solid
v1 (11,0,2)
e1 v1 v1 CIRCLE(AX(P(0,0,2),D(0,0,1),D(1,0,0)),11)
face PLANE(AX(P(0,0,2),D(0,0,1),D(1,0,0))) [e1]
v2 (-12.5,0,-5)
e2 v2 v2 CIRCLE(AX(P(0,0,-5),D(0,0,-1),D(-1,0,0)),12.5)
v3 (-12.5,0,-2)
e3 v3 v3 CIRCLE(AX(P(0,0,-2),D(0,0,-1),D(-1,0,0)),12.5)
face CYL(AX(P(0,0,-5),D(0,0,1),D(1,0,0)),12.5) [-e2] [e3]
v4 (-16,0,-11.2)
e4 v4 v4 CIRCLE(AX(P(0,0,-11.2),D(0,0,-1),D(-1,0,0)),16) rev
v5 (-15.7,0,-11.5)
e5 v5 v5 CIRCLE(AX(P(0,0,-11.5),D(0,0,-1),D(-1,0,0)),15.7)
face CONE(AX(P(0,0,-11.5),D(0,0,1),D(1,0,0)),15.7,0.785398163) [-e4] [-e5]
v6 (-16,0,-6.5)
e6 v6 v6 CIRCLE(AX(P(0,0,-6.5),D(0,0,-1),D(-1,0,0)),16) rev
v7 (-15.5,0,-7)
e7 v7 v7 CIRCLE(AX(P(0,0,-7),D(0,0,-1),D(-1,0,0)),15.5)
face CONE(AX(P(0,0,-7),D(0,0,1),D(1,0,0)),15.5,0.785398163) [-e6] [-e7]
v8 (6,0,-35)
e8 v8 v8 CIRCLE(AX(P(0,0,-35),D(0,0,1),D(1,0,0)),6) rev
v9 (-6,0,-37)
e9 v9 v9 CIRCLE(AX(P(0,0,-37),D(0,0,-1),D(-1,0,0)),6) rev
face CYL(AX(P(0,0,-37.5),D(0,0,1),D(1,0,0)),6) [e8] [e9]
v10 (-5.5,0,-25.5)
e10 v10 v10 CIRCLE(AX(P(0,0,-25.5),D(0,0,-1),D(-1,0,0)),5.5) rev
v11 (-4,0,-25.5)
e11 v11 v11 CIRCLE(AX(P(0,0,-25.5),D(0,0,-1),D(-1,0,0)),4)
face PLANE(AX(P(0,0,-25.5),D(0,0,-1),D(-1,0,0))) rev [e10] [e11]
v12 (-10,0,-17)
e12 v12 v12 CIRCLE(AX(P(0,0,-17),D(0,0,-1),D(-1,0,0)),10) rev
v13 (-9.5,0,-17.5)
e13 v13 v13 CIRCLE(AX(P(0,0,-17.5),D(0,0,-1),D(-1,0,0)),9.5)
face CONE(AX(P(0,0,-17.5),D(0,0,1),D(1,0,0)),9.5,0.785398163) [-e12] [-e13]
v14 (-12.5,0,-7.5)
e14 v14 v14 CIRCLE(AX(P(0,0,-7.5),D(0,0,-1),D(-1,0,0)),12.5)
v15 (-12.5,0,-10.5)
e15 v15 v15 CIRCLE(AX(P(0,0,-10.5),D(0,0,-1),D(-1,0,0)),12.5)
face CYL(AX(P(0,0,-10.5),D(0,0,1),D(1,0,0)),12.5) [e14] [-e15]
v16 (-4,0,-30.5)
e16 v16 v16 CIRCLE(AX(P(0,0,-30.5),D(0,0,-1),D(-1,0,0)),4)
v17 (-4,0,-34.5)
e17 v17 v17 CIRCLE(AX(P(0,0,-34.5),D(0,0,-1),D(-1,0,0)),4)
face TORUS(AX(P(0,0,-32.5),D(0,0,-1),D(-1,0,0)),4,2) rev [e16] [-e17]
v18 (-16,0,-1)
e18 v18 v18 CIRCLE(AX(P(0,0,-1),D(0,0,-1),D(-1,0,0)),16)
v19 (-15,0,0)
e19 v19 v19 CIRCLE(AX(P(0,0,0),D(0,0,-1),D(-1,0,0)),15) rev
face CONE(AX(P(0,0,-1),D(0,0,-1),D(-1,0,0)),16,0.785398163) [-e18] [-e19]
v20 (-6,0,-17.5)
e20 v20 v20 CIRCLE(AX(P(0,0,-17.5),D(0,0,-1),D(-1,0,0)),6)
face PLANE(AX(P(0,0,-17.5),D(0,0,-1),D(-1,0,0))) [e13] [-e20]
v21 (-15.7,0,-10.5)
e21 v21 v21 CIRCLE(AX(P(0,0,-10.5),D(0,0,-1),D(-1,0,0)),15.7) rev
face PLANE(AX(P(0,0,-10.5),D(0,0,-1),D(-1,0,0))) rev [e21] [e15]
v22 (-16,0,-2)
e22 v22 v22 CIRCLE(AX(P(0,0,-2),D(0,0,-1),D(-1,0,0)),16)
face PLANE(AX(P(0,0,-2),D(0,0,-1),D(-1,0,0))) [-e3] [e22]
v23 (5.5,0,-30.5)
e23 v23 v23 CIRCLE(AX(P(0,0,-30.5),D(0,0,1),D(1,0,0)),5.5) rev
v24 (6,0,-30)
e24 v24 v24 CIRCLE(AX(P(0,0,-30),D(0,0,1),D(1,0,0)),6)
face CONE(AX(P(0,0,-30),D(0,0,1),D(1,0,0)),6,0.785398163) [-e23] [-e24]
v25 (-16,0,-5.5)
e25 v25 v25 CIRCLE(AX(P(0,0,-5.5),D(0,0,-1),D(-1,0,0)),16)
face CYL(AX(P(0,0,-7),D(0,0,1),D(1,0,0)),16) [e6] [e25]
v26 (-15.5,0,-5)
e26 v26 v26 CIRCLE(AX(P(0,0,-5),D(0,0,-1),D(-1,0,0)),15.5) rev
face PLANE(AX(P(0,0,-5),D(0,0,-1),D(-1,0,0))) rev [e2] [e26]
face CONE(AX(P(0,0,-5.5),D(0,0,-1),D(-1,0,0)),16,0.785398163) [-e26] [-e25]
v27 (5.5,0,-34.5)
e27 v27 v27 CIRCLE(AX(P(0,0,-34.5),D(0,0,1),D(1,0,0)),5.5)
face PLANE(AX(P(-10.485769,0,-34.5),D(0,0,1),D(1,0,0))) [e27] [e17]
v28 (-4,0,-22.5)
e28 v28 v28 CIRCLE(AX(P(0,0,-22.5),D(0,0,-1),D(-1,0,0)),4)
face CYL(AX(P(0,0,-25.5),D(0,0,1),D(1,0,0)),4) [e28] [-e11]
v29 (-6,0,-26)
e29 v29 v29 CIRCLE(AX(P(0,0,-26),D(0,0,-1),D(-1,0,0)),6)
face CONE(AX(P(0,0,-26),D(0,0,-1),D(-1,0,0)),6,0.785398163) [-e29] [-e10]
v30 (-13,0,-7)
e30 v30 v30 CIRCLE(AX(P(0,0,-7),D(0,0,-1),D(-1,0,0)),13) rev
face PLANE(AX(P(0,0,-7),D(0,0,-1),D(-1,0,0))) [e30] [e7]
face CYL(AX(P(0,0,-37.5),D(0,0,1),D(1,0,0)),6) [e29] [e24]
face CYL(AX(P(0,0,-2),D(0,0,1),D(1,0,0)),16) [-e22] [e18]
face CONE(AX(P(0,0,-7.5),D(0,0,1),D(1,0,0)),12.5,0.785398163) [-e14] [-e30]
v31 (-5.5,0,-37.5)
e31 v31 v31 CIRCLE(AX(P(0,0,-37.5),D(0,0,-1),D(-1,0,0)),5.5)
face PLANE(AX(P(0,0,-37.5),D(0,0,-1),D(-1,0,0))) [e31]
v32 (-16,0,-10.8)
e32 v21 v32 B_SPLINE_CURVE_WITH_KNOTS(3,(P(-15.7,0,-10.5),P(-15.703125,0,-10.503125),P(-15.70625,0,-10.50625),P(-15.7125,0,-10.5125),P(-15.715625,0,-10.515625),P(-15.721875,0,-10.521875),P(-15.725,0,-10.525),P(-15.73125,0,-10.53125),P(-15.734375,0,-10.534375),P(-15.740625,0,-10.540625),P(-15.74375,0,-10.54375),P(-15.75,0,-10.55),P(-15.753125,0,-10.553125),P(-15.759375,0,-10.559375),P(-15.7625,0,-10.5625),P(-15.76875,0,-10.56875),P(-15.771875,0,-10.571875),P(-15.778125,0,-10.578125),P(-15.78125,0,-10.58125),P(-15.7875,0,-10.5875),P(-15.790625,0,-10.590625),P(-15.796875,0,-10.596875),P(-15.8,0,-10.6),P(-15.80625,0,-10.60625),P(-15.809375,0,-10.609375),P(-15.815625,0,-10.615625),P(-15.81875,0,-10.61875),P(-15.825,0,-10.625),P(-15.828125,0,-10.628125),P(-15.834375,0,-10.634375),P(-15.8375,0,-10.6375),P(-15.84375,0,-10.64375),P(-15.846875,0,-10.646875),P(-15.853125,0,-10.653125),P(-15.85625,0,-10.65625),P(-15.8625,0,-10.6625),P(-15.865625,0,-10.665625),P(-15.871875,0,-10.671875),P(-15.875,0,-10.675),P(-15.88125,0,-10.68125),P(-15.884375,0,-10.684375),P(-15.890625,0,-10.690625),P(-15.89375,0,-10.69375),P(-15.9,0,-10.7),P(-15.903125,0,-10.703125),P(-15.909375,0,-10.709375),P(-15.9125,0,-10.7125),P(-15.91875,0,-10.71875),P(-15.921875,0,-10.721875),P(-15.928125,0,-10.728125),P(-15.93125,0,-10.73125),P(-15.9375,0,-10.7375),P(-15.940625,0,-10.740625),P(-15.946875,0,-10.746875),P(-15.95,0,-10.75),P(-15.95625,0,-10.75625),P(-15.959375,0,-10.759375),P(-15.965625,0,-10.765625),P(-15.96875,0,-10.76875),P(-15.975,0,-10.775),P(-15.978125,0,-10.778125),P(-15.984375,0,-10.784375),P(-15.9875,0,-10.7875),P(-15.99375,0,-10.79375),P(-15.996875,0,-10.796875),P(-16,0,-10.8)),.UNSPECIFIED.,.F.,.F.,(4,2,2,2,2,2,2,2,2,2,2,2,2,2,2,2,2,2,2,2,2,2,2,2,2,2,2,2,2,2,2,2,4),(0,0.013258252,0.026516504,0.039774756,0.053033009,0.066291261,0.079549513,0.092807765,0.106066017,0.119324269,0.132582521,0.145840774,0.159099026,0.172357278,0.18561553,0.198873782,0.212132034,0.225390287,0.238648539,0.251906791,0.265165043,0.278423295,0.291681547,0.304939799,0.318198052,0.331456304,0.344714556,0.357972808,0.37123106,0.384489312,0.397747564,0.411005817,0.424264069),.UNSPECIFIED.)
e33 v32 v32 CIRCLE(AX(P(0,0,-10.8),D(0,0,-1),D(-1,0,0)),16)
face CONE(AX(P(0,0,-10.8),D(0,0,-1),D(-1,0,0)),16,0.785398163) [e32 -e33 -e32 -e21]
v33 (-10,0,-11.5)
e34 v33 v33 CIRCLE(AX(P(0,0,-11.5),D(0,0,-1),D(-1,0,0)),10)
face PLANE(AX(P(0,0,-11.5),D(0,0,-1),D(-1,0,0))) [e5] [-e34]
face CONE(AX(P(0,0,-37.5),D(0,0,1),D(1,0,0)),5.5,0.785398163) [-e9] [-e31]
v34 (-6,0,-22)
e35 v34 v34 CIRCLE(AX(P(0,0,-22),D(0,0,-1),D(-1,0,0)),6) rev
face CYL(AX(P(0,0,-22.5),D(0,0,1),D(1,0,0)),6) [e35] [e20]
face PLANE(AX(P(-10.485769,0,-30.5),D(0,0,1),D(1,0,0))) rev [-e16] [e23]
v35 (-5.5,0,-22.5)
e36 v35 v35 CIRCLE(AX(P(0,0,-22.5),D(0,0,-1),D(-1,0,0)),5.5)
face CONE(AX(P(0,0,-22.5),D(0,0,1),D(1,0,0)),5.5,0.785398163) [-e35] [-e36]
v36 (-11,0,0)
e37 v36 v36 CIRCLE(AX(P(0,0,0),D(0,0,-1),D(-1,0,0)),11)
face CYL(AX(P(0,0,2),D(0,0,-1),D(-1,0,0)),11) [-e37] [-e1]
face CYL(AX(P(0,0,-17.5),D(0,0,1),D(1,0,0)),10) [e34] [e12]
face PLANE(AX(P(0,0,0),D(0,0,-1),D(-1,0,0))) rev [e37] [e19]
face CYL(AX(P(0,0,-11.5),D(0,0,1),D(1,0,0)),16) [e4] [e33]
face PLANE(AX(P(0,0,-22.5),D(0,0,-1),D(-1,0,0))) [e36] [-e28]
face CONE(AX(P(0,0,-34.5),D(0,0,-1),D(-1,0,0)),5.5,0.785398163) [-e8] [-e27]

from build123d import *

# Parameters (mm, degrees)
ESQUISSE1_R      = 11
FOND_DEPTH       = 2
ESQUISSE2_R      = 16
CYLINDRE_1_DEPTH = 2
ESQUISSE3_R      = 12.5
CYLINDRE_2_DEPTH = 3
ESQUISSE4_R      = 16
CYLINDRE_3_DEPTH = 2
ESQUISSE5_R      = 12.5
CYLINDRE_4_DEPTH = 3.5
ESQUISSE6_R      = 16
CYLINDRE_5_DEPTH = 1
ESQUISSE7_R      = 10
CYLINDRE_6_DEPTH = 6
ESQUISSE8_R      = 6
CYLINDRE_7_DEPTH = 5
ESQUISSE9_R      = 4
CYLINDRE_8_DEPTH = 3
ESQUISSE12_R     = 6
CYLINDRE_9_DEPTH = 12
CHANFREIN1_SIZE  = 0.5
CHANFREIN2_SIZE  = 0.3
CHANFREIN3_SIZE  = 1


with BuildPart() as part:
    # Esquisse1 → fond (new body)
    with BuildSketch(Plane.XY):
        with Locations(Location((0, 0, 0), (0, 0, 180))):
            Circle(ESQUISSE1_R)
    extrude(amount=FOND_DEPTH)

    # Esquisse2 → cylindre 1 (add)
    with BuildSketch(Plane(origin=(0, 0, 0), x_dir=(-1, 0, 0), z_dir=(0, 0, -1))):
        Circle(ESQUISSE2_R)
    extrude(amount=CYLINDRE_1_DEPTH)

    # Esquisse3 → cylindre 2 (add)
    with BuildSketch(Plane(origin=(0, 0, -2), x_dir=(-1, 0, 0), z_dir=(0, 0, -1))):
        Circle(ESQUISSE3_R)
    extrude(amount=CYLINDRE_2_DEPTH)

    # Esquisse4 → cylindre 3 (add)
    with BuildSketch(Plane(origin=(0, 0, -5), x_dir=(-1, 0, 0), z_dir=(0, 0, -1))):
        Circle(ESQUISSE4_R)
    extrude(amount=CYLINDRE_3_DEPTH)

    # Esquisse5 → cylindre 4 (add)
    with BuildSketch(Plane(origin=(0, 0, -7), x_dir=(-1, 0, 0), z_dir=(0, 0, -1))):
        Circle(ESQUISSE5_R)
    extrude(amount=CYLINDRE_4_DEPTH)

    # Esquisse6 → cylindre 5 (add)
    with BuildSketch(Plane(origin=(0, 0, -10.5), x_dir=(-1, 0, 0), z_dir=(0, 0, -1))):
        Circle(ESQUISSE6_R)
    extrude(amount=CYLINDRE_5_DEPTH)

    # Esquisse7 → cylindre 6 (add)
    with BuildSketch(Plane(origin=(0, 0, -11.5), x_dir=(-1, 0, 0), z_dir=(0, 0, -1))):
        Circle(ESQUISSE7_R)
    extrude(amount=CYLINDRE_6_DEPTH)

    # Esquisse8 → cylindre 7 (add)
    with BuildSketch(Plane(origin=(0, 0, -17.5), x_dir=(-1, 0, 0), z_dir=(0, 0, -1))):
        with Locations(Location((0, 0, 0), (0, 0, 180))):
            Circle(ESQUISSE8_R)
    extrude(amount=CYLINDRE_7_DEPTH)

    # Esquisse9 → cylindre 8 (add)
    with BuildSketch(Plane(origin=(0, 0, -22.5), x_dir=(-1, 0, 0), z_dir=(0, 0, -1))):
        Circle(ESQUISSE9_R)
    extrude(amount=CYLINDRE_8_DEPTH)

    # Esquisse12 → cylindre 9 (add)
    with BuildSketch(Plane(origin=(0, 0, -25.5), x_dir=(-1, 0, 0), z_dir=(0, 0, -1))):
        with Locations(Location((0, 0, 0), (0, 0, 180))):
            Circle(ESQUISSE12_R)
    extrude(amount=CYLINDRE_9_DEPTH)

    # gorge: sweep along a path in Esquisse16
    with BuildLine(Plane.XY.offset(-32.5)) as gorge_path:
        CenterArc((0, 0), 2, 0, 360)
    # Esquisse13 → gorge (sweep, cut)
    with BuildSketch(Plane(origin=(0, 0, 0), x_dir=(1, 0, 0), z_dir=(0, 1, 0))):
        with BuildLine():
            Line((-10.48576902, 34.5), (-4, 34.5))
            ThreePointArc((-4, 34.5), (-2, 32.5), (-4, 30.5))
            Line((-4, 30.5), (-10.48576902, 30.5))
            Line((-10.48576902, 30.5), (-10.48576902, 34.5))
        make_face()
    sweep(path=gorge_path.line, mode=Mode.SUBTRACT)

    # Chanfrein1
    chanfrein1_edges = [part.edges().sort_by_distance(p)[0] for p in [
        (-6, 0, -25.5),
        (-5.999999999, -2e-09, -30.5),
        (-6, 0, -22.5),
        (-5.999999999, -2e-09, -34.5),
        (-6, 0, -37.5),
        (10, 0, -17.5),
        (12.5, 0, -7),
        (16, 0, -7),
        (16, 0, -5),
    ]]
    chamfer(chanfrein1_edges, length=CHANFREIN1_SIZE)

    # Chanfrein2
    chanfrein2_edges = [part.edges().sort_by_distance(p)[0] for p in [
        (16, 0, -11.5),
        (16, 0, -10.5),
    ]]
    chamfer(chanfrein2_edges, length=CHANFREIN2_SIZE)

    # Chanfrein3
    chanfrein3_edges = [part.edges().sort_by_distance(p)[0] for p in [
        (16, 0, 0),
    ]]
    chamfer(chanfrein3_edges, length=CHANFREIN3_SIZE)


solid = part.part
